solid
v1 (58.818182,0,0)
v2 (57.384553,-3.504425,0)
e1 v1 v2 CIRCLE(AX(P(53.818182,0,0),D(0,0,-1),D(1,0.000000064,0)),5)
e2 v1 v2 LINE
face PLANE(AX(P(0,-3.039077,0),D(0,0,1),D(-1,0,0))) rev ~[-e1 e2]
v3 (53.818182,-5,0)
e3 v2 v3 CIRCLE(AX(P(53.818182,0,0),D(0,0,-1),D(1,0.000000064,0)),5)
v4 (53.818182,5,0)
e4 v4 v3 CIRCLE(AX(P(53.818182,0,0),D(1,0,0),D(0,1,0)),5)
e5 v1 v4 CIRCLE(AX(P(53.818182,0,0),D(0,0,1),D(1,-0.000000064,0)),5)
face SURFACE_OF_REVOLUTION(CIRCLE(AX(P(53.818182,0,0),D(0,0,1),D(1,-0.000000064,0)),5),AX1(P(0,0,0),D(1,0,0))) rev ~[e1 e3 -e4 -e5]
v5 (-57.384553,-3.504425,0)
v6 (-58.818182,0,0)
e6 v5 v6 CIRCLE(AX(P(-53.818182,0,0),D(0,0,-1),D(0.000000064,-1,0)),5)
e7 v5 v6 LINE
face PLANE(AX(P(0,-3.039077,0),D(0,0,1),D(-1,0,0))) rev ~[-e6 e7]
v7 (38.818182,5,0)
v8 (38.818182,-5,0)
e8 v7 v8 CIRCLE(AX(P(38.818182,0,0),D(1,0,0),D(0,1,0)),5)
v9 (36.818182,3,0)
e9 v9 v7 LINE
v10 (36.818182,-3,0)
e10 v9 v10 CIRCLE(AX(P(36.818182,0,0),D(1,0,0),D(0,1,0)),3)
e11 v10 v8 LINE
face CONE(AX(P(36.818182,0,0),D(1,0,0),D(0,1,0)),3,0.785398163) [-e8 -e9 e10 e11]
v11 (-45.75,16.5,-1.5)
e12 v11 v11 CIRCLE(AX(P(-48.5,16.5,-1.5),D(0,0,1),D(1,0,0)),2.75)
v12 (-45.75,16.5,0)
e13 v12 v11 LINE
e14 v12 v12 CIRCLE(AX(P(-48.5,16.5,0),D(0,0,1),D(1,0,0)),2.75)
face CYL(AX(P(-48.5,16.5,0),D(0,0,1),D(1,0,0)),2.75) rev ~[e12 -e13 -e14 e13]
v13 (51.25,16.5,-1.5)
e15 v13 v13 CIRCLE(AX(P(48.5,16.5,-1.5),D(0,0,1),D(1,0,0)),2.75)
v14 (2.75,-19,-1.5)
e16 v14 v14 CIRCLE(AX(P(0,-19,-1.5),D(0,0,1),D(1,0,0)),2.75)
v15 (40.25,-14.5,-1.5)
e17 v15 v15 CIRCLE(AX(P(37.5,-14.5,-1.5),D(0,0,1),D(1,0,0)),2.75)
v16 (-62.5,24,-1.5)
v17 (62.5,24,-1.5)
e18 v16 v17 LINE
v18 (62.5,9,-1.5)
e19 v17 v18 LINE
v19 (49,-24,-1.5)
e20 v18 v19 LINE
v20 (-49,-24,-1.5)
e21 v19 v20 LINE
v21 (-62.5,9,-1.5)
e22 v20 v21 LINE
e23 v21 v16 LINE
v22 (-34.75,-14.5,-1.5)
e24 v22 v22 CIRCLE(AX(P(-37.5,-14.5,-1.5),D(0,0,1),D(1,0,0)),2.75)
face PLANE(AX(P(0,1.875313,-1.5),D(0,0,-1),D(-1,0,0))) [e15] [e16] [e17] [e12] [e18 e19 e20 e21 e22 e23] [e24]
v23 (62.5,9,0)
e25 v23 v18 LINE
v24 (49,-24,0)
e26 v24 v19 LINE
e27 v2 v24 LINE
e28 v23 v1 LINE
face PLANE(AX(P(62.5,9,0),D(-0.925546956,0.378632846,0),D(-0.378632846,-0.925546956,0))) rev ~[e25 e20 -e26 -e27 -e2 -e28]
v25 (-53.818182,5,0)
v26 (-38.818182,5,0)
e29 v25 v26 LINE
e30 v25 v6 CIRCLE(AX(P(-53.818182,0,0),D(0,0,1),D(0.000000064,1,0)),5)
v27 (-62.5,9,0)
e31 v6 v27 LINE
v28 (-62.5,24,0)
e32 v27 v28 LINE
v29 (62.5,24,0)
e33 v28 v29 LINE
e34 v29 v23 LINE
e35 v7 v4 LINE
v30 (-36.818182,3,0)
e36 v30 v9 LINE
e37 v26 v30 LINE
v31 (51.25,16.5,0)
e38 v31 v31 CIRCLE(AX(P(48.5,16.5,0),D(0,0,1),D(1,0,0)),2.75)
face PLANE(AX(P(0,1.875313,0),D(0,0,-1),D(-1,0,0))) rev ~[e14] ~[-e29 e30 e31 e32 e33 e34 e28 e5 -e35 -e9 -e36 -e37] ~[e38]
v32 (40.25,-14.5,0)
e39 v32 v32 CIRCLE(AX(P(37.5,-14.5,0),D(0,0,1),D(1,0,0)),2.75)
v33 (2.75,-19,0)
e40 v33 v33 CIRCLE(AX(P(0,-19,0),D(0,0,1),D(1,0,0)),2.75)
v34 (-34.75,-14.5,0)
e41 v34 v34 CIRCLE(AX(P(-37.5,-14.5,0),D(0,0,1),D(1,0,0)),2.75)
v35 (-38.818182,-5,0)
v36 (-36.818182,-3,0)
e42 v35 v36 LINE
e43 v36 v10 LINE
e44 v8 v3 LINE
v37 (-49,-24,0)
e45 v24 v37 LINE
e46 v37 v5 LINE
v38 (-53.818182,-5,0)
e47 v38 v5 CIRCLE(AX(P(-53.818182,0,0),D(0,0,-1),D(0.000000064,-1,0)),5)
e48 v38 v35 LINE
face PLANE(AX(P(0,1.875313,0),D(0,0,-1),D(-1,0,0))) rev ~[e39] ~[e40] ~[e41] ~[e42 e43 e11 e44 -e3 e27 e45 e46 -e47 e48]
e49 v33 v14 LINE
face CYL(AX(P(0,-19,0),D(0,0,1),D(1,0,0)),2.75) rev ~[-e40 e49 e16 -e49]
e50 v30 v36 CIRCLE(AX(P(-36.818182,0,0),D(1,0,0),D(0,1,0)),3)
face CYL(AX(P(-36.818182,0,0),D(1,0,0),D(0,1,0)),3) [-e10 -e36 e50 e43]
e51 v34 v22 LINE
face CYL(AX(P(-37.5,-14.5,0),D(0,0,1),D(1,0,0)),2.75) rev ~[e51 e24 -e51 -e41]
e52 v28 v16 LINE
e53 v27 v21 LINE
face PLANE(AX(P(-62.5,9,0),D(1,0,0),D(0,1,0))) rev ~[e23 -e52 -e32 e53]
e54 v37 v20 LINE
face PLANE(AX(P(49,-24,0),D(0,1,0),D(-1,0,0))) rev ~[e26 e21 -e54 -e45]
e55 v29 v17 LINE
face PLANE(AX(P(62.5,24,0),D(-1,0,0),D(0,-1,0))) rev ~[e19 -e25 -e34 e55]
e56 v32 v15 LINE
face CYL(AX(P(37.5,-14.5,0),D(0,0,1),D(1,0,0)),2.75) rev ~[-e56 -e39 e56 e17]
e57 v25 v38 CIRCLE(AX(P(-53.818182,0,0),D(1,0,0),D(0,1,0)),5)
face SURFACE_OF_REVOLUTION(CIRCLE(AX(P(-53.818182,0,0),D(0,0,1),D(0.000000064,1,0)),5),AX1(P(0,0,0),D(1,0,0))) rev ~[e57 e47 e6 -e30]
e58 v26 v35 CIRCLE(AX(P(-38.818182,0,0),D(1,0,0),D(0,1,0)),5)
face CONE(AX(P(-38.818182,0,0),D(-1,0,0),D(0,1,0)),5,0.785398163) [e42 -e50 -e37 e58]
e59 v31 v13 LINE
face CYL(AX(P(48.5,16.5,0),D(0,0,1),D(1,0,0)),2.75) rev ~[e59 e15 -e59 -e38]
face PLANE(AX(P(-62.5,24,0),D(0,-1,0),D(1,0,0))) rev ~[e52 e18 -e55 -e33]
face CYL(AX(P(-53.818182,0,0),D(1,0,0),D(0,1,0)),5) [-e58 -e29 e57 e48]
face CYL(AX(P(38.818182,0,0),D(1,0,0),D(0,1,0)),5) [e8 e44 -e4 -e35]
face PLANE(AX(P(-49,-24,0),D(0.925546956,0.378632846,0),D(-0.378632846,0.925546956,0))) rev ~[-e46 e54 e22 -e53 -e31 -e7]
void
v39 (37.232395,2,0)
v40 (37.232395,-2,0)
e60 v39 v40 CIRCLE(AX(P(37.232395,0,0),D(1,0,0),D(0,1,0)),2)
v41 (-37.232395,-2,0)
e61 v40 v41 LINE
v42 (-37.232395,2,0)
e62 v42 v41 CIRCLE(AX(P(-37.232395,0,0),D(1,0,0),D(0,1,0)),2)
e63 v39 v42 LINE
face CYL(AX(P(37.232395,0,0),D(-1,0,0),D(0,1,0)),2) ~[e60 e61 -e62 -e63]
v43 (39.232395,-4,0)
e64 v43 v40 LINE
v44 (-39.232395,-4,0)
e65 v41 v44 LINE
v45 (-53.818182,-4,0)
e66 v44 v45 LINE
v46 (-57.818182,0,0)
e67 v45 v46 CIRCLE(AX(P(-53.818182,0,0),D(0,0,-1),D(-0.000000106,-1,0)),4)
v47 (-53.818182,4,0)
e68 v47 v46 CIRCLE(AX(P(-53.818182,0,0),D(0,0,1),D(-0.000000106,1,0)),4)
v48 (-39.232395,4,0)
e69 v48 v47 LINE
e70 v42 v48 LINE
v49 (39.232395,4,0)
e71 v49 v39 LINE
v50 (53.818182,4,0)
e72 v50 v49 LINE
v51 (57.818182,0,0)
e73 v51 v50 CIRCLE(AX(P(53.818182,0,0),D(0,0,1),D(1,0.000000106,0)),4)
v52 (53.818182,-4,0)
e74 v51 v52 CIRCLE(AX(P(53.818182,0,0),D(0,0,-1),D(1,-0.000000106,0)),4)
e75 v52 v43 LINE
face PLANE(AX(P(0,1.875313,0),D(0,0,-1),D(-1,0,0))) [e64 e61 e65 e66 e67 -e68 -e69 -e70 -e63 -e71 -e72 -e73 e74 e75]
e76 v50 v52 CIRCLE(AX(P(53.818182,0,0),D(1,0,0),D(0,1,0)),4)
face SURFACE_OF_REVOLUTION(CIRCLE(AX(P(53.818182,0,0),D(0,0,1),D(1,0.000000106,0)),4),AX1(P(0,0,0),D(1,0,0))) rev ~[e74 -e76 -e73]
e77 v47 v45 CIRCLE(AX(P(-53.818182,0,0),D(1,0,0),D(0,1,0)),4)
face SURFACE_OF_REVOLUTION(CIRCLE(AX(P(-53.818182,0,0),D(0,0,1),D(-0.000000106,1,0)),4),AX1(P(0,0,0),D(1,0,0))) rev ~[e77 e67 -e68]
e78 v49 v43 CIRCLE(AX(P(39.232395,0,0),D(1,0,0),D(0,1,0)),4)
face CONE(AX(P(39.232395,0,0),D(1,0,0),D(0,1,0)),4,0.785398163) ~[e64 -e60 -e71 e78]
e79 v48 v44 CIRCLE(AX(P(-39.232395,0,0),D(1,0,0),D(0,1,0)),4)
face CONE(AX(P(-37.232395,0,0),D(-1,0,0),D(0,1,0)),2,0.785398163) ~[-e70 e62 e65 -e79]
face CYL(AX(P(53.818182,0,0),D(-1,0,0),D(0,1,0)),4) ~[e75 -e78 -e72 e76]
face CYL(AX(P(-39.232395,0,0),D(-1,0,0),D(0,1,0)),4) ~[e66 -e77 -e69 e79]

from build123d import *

# Parameters (mm, degrees)
SKETCH_R         = 2.75
PAD_DEPTH        = 1.5
REVOLUTION_ANGLE = 180


with BuildPart() as part:
    # Sketch → Pad (new body)
    with BuildSketch(Plane.XY):
        Polygon((-62.5, 24), (62.5, 24), (62.5, 9), (49, -24), (-49, -24), (-62.5, 9), align=None)
        with Locations((0, -19)):
            Circle(SKETCH_R, mode=Mode.SUBTRACT)
        with Locations((37.5, -14.5)):
            Circle(SKETCH_R, mode=Mode.SUBTRACT)
        with Locations((-37.5, -14.5)):
            Circle(SKETCH_R, mode=Mode.SUBTRACT)
        with Locations((-48.5, 16.5)):
            Circle(SKETCH_R, mode=Mode.SUBTRACT)
        with Locations((48.5, 16.5)):
            Circle(SKETCH_R, mode=Mode.SUBTRACT)
    extrude(amount=-PAD_DEPTH)

    # Sketch001 → Revolution (revolve)
    with BuildSketch(Plane.XY):
        with BuildLine():
            Line((-53.818182, 5), (-38.818182, 5))
            Line((-38.818182, 5), (-36.818182, 3))
            Line((-36.818182, 3), (36.818182, 3))
            Line((36.818182, 3), (38.818182, 5))
            Line((38.818182, 5), (53.818182, 5))
            ThreePointArc((58.818182, 0), (57.353716, 3.535534), (53.818182, 5))
            Line((57.818182, 0), (58.818182, 0))
            ThreePointArc((57.818182, 0), (56.646609, 2.828427), (53.818182, 4))
            Line((53.818182, 4), (39.232395, 4))
            Line((39.232395, 4), (37.232395, 2))
            Line((37.232395, 2), (-37.232395, 2))
            Line((-37.232395, 2), (-39.232395, 4))
            Line((-39.232395, 4), (-53.818182, 4))
            ThreePointArc((-53.818182, 4), (-56.646609, 2.828427), (-57.818182, 0))
            Line((-58.818182, 0), (-57.818182, 0))
            ThreePointArc((-53.818182, 5), (-57.353716, 3.535534), (-58.818182, 0))
        make_face()
    revolve(axis=Axis((0, 0, 0), (1, 0, 0)), revolution_arc=REVOLUTION_ANGLE)


solid = part.part
